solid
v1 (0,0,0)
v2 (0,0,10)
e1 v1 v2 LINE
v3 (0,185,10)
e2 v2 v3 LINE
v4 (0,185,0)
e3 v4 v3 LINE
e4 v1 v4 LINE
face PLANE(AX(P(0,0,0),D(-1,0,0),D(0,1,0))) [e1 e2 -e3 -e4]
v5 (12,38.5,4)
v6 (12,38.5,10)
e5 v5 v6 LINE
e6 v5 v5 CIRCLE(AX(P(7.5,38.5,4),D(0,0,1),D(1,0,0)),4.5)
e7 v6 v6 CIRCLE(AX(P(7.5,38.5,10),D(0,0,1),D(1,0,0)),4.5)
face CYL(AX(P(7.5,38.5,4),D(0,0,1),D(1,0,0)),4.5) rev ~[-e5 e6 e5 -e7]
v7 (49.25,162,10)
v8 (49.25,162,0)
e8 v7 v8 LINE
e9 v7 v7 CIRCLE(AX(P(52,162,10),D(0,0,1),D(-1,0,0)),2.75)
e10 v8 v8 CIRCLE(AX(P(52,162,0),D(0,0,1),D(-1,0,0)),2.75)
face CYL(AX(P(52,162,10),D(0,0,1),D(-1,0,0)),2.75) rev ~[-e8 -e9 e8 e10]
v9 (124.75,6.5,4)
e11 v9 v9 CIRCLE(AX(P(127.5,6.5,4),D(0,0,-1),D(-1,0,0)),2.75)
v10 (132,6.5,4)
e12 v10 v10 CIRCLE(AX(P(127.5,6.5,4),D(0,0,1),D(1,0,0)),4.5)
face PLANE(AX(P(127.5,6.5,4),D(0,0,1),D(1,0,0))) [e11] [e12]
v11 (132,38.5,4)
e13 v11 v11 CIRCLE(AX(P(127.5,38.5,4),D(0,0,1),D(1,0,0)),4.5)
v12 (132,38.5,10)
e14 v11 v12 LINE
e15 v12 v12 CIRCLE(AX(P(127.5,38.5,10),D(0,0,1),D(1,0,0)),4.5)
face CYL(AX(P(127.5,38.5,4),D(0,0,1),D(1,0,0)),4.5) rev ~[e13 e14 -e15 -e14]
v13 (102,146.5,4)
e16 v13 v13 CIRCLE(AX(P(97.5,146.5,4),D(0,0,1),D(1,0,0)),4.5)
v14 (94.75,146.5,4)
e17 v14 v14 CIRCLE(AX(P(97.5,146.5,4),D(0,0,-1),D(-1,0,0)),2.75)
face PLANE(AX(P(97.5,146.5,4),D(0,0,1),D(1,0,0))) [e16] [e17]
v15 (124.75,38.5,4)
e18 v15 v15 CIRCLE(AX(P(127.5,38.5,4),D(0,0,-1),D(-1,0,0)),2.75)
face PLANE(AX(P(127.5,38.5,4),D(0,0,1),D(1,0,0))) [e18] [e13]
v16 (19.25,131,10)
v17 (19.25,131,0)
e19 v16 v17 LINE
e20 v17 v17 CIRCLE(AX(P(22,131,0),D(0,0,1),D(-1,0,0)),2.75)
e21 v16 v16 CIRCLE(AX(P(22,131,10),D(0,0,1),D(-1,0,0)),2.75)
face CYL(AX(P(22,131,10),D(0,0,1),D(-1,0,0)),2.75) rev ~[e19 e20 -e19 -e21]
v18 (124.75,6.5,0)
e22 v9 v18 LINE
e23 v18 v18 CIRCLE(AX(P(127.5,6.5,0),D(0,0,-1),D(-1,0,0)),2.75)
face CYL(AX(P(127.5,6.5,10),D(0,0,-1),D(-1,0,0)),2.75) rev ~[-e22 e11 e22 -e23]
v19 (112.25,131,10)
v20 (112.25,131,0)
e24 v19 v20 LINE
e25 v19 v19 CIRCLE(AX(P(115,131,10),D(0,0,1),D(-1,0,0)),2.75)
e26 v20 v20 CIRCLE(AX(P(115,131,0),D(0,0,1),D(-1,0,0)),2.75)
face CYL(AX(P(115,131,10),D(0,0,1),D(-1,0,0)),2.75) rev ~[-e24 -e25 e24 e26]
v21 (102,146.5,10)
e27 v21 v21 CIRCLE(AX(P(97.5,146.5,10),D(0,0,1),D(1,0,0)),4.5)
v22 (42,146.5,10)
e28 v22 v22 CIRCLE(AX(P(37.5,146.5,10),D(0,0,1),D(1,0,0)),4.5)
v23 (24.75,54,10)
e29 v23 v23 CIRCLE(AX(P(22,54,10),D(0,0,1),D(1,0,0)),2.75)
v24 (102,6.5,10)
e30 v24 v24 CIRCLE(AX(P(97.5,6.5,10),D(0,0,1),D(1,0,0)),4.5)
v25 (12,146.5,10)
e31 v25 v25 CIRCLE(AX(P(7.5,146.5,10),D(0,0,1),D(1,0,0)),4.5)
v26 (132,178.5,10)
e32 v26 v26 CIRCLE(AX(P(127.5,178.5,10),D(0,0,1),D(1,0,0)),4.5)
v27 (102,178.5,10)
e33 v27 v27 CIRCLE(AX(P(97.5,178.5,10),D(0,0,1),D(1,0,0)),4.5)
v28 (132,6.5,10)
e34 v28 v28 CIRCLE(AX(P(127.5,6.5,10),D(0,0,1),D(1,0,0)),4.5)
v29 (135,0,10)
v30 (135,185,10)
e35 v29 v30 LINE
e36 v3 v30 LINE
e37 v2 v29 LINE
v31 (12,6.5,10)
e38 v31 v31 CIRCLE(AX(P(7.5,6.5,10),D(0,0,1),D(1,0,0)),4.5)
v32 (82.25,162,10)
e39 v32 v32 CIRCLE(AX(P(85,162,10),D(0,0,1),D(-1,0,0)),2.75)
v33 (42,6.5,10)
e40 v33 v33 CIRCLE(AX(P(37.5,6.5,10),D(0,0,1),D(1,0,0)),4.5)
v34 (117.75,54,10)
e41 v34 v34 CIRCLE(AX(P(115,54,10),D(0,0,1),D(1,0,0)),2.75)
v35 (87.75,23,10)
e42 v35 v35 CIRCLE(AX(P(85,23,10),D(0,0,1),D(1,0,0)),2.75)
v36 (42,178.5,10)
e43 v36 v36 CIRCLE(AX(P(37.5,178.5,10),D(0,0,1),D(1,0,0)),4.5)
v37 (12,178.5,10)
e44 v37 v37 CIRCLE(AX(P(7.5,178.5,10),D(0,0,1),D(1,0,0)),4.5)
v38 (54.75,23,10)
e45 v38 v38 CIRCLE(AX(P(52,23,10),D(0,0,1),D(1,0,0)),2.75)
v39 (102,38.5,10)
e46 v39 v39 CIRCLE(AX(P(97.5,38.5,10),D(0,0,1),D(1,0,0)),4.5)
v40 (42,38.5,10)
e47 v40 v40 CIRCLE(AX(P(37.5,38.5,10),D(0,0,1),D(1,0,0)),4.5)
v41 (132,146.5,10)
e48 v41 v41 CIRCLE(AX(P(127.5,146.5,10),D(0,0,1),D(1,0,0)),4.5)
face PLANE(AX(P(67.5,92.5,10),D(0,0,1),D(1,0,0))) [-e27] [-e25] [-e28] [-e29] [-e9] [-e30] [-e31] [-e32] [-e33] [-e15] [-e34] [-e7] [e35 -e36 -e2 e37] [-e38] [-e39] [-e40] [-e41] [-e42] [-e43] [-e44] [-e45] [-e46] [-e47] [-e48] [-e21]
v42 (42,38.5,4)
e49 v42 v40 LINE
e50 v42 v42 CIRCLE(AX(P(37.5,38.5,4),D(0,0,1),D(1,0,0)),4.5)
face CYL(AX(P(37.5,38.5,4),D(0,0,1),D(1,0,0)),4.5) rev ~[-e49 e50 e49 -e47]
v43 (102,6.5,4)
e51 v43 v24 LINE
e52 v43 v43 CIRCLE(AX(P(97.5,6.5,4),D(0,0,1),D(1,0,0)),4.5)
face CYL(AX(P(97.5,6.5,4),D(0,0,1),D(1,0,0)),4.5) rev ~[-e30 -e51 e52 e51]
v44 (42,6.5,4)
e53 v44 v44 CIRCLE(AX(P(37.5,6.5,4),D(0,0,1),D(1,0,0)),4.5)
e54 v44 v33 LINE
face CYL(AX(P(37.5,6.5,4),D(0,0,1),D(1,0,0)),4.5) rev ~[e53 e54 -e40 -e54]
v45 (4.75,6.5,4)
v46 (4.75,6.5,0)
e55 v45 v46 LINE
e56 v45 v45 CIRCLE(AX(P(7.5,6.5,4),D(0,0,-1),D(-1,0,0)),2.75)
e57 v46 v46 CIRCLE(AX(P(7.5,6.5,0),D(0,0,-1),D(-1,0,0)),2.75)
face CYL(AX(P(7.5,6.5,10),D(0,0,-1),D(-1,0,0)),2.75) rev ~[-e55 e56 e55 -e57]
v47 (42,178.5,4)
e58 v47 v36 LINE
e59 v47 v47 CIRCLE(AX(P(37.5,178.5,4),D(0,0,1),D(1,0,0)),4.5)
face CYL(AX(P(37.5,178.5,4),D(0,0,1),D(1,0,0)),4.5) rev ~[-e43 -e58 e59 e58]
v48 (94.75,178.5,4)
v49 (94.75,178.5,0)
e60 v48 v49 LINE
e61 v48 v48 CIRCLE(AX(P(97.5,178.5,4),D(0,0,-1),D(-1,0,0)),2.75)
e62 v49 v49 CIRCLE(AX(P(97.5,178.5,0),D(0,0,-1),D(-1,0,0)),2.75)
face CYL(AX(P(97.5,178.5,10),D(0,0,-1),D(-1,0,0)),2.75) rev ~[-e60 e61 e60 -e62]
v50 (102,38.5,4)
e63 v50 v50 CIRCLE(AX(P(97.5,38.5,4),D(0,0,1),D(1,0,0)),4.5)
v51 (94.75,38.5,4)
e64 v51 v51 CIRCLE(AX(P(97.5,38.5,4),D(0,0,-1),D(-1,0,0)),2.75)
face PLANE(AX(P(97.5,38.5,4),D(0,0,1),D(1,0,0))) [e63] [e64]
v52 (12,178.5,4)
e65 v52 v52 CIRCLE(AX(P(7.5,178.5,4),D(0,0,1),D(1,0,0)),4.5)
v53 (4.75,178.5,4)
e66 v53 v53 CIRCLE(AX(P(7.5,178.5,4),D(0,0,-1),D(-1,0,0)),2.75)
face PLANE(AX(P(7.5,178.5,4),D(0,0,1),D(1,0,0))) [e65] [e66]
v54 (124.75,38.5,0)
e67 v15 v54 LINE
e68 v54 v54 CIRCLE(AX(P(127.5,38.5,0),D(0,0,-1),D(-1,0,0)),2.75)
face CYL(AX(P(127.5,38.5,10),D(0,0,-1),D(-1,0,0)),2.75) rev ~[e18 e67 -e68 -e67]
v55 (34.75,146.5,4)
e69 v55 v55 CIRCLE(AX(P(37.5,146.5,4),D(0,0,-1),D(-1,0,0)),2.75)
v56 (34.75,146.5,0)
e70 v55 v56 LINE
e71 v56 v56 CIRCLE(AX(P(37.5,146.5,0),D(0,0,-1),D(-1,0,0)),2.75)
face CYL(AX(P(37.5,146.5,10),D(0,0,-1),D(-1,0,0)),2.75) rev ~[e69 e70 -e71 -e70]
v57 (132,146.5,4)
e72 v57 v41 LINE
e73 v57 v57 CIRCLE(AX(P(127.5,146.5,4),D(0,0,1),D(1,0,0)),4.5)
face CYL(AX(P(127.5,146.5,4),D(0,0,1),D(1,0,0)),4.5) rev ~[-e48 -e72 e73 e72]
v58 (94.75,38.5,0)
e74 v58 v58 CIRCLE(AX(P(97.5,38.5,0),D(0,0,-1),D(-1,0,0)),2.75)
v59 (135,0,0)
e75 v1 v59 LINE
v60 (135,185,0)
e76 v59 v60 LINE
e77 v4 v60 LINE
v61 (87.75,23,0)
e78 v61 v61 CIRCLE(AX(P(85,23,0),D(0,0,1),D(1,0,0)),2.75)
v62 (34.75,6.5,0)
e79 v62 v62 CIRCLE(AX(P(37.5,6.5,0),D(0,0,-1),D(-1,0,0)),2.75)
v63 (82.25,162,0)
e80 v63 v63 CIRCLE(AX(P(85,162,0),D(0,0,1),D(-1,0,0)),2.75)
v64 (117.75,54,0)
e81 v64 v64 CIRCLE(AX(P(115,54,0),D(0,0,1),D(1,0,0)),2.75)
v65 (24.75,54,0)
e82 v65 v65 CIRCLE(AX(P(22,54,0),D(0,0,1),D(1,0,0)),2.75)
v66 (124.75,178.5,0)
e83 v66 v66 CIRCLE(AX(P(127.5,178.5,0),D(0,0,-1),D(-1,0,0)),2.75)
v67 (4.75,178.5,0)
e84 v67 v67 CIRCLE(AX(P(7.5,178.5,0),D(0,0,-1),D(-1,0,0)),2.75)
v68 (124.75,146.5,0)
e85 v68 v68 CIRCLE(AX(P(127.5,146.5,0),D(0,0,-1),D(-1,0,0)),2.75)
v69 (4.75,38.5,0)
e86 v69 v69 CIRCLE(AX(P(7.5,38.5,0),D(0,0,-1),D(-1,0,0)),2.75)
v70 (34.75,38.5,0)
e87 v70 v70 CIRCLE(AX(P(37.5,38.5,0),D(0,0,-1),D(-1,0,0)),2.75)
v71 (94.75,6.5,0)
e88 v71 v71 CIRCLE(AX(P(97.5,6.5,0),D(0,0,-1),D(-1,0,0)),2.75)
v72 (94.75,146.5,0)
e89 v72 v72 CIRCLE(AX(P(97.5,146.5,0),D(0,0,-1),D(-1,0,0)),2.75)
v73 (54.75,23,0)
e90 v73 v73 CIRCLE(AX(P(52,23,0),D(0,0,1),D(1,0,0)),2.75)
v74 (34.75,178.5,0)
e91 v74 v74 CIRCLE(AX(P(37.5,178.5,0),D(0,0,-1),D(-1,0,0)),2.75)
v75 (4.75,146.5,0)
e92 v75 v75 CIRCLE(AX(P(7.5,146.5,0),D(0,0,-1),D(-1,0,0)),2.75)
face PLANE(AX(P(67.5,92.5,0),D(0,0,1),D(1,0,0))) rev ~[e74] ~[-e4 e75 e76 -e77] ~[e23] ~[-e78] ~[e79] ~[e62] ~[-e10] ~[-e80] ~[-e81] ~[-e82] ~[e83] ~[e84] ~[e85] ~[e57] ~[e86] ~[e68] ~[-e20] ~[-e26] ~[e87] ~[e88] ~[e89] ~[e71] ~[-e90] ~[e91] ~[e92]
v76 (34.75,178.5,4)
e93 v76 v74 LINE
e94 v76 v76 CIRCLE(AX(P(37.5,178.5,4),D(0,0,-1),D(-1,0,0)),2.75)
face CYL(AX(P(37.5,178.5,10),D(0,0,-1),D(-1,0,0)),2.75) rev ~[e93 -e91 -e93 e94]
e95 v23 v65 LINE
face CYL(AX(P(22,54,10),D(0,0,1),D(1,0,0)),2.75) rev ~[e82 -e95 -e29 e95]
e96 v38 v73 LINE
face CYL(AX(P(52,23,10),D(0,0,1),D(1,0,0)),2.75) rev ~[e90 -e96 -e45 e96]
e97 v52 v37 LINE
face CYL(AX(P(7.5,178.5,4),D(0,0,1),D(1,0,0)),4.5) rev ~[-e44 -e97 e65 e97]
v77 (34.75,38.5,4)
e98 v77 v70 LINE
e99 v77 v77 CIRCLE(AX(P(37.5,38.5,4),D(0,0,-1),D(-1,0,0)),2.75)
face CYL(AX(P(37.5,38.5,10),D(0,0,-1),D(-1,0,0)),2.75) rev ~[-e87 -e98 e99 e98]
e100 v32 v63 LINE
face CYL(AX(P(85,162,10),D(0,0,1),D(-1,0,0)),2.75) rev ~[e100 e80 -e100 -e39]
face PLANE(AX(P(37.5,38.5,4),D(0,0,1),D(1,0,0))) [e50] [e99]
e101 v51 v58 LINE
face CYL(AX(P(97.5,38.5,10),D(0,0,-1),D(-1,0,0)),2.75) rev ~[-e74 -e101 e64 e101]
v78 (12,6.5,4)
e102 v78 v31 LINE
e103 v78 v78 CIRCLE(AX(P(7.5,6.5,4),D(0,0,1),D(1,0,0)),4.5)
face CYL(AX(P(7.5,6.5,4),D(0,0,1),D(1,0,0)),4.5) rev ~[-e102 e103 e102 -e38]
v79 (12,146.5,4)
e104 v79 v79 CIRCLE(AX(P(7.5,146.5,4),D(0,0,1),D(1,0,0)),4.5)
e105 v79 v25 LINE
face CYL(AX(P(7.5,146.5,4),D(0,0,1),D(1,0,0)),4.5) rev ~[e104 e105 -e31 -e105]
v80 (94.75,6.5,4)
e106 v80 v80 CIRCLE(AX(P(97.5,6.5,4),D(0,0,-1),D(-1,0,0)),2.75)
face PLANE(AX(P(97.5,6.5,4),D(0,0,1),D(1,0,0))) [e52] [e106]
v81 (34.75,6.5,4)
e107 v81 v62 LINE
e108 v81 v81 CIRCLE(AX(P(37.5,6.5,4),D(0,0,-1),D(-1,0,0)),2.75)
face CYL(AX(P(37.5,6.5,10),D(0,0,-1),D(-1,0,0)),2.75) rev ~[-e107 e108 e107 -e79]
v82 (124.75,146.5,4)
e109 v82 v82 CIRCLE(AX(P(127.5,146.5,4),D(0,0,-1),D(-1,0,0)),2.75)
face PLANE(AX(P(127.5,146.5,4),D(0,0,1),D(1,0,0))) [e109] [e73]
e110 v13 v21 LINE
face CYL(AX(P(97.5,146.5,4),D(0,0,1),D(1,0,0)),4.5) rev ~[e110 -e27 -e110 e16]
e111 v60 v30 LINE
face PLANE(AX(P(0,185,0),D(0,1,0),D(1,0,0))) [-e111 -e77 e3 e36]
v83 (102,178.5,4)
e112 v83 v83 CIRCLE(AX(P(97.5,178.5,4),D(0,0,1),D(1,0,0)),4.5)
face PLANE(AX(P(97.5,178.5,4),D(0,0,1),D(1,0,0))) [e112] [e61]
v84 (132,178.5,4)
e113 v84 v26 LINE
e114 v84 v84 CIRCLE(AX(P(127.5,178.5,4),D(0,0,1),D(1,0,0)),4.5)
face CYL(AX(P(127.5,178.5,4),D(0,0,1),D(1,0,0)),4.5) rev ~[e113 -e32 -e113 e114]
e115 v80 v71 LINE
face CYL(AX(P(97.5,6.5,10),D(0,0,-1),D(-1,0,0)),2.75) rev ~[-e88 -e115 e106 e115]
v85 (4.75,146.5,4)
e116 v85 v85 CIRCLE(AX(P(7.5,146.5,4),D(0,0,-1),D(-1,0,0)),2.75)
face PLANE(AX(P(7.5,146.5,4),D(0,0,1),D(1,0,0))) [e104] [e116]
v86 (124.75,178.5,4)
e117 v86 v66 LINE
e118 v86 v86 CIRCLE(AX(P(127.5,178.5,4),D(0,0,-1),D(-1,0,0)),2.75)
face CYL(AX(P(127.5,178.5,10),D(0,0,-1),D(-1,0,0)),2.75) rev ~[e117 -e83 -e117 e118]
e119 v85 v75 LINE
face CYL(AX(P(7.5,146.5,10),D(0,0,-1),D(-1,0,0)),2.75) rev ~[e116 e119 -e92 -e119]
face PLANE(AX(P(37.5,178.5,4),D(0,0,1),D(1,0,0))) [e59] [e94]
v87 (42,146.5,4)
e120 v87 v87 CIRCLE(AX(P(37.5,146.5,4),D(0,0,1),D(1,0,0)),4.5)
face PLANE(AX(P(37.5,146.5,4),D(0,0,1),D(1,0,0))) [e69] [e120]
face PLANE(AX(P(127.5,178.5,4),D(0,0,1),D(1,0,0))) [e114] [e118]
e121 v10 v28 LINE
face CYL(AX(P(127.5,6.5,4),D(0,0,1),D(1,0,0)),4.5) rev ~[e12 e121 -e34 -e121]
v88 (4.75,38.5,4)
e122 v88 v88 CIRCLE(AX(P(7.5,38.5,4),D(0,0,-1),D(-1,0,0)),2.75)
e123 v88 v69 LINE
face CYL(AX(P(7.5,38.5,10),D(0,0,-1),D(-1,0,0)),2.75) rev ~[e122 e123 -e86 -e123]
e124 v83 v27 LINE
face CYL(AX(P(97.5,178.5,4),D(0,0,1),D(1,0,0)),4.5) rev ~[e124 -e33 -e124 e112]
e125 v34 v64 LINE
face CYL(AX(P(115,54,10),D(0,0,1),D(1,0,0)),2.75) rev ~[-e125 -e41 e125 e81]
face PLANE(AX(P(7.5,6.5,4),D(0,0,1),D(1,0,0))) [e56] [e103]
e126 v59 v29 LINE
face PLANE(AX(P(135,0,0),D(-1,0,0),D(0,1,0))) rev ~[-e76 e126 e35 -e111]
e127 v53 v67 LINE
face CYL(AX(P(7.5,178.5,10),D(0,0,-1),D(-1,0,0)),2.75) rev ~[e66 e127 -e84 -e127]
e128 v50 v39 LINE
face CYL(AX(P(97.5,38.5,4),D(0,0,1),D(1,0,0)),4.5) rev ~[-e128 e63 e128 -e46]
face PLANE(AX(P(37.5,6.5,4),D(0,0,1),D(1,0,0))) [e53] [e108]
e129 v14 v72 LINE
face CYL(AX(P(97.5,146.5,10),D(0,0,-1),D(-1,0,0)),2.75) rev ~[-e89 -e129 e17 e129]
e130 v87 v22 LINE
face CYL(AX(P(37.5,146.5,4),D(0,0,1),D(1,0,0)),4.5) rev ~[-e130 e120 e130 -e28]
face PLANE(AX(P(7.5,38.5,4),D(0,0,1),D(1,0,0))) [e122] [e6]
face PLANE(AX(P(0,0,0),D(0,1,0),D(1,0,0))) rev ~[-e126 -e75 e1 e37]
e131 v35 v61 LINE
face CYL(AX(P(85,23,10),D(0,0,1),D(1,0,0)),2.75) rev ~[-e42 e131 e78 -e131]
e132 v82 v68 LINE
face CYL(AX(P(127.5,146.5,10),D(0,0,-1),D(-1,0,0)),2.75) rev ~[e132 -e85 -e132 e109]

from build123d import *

# Parameters (mm, degrees)
SZKIC1_W                                             = 135
SZKIC1_H                                             = 185
DODANIE_WYCI_GNI_CIE1_DEPTH                          = 10
POG_BIENIE_WALCOWE_POD_M5_WKR_T_DO_CZ_CI_D           = 5.5
POG_BIENIE_WALCOWE_POD_M5_WKR_T_DO_CZ_CI_CBORE_D     = 9
POG_BIENIE_WALCOWE_POD_M5_WKR_T_DO_CZ_CI_CBORE_DEPTH = 6
SZKIC5_R                                             = 2.75
WYTNIJ_WYCI_GNI_CIE1_DEPTH                           = 230.237867727


with BuildPart() as part:
    # Szkic1 → Dodanie-wyciągnięcie1 (new body)
    with BuildSketch(Plane.XY):
        with Locations((67.5, 92.5)):
            Rectangle(SZKIC1_W, SZKIC1_H)
    extrude(amount=DODANIE_WYCI_GNI_CIE1_DEPTH)

    # Pogłębienie walcowe pod M5 Wkręt do części metalowych z łbem sześciokątnym1 (through all)
    with Locations(Plane.XY.offset(10)):
        with Locations((7.5, 178.5), (37.5, 178.5), (37.5, 146.5), (7.5, 146.5), (7.5, 38.5), (37.5, 38.5), (7.5, 6.5), (37.5, 6.5), (97.5, 6.5), (127.5, 6.5), (97.5, 38.5), (127.5, 38.5), (127.5, 146.5), (97.5, 146.5), (97.5, 178.5), (127.5, 178.5)):
            CounterBoreHole(POG_BIENIE_WALCOWE_POD_M5_WKR_T_DO_CZ_CI_D / 2, POG_BIENIE_WALCOWE_POD_M5_WKR_T_DO_CZ_CI_CBORE_D / 2, POG_BIENIE_WALCOWE_POD_M5_WKR_T_DO_CZ_CI_CBORE_DEPTH)

    # Szkic5 → Wytnij-wyciągnięcie1 (cut, through all)
    with BuildSketch(Plane.XY.offset(10)):
        with Locations((22, 54)):
            Circle(SZKIC5_R)
        with Locations((52, 23)):
            Circle(SZKIC5_R)
        with Locations((85, 23)):
            Circle(SZKIC5_R)
        with Locations((115, 54)):
            Circle(SZKIC5_R)
        with Locations(Location((52, 162, 0), (0, 0, 180))):
            Circle(SZKIC5_R)
        with Locations(Location((22, 131, 0), (0, 0, 180))):
            Circle(SZKIC5_R)
        with Locations(Location((115, 131, 0), (0, 0, 180))):
            Circle(SZKIC5_R)
        with Locations(Location((85, 162, 0), (0, 0, 180))):
            Circle(SZKIC5_R)
    extrude(amount=-WYTNIJ_WYCI_GNI_CIE1_DEPTH, mode=Mode.SUBTRACT)


solid = part.part
